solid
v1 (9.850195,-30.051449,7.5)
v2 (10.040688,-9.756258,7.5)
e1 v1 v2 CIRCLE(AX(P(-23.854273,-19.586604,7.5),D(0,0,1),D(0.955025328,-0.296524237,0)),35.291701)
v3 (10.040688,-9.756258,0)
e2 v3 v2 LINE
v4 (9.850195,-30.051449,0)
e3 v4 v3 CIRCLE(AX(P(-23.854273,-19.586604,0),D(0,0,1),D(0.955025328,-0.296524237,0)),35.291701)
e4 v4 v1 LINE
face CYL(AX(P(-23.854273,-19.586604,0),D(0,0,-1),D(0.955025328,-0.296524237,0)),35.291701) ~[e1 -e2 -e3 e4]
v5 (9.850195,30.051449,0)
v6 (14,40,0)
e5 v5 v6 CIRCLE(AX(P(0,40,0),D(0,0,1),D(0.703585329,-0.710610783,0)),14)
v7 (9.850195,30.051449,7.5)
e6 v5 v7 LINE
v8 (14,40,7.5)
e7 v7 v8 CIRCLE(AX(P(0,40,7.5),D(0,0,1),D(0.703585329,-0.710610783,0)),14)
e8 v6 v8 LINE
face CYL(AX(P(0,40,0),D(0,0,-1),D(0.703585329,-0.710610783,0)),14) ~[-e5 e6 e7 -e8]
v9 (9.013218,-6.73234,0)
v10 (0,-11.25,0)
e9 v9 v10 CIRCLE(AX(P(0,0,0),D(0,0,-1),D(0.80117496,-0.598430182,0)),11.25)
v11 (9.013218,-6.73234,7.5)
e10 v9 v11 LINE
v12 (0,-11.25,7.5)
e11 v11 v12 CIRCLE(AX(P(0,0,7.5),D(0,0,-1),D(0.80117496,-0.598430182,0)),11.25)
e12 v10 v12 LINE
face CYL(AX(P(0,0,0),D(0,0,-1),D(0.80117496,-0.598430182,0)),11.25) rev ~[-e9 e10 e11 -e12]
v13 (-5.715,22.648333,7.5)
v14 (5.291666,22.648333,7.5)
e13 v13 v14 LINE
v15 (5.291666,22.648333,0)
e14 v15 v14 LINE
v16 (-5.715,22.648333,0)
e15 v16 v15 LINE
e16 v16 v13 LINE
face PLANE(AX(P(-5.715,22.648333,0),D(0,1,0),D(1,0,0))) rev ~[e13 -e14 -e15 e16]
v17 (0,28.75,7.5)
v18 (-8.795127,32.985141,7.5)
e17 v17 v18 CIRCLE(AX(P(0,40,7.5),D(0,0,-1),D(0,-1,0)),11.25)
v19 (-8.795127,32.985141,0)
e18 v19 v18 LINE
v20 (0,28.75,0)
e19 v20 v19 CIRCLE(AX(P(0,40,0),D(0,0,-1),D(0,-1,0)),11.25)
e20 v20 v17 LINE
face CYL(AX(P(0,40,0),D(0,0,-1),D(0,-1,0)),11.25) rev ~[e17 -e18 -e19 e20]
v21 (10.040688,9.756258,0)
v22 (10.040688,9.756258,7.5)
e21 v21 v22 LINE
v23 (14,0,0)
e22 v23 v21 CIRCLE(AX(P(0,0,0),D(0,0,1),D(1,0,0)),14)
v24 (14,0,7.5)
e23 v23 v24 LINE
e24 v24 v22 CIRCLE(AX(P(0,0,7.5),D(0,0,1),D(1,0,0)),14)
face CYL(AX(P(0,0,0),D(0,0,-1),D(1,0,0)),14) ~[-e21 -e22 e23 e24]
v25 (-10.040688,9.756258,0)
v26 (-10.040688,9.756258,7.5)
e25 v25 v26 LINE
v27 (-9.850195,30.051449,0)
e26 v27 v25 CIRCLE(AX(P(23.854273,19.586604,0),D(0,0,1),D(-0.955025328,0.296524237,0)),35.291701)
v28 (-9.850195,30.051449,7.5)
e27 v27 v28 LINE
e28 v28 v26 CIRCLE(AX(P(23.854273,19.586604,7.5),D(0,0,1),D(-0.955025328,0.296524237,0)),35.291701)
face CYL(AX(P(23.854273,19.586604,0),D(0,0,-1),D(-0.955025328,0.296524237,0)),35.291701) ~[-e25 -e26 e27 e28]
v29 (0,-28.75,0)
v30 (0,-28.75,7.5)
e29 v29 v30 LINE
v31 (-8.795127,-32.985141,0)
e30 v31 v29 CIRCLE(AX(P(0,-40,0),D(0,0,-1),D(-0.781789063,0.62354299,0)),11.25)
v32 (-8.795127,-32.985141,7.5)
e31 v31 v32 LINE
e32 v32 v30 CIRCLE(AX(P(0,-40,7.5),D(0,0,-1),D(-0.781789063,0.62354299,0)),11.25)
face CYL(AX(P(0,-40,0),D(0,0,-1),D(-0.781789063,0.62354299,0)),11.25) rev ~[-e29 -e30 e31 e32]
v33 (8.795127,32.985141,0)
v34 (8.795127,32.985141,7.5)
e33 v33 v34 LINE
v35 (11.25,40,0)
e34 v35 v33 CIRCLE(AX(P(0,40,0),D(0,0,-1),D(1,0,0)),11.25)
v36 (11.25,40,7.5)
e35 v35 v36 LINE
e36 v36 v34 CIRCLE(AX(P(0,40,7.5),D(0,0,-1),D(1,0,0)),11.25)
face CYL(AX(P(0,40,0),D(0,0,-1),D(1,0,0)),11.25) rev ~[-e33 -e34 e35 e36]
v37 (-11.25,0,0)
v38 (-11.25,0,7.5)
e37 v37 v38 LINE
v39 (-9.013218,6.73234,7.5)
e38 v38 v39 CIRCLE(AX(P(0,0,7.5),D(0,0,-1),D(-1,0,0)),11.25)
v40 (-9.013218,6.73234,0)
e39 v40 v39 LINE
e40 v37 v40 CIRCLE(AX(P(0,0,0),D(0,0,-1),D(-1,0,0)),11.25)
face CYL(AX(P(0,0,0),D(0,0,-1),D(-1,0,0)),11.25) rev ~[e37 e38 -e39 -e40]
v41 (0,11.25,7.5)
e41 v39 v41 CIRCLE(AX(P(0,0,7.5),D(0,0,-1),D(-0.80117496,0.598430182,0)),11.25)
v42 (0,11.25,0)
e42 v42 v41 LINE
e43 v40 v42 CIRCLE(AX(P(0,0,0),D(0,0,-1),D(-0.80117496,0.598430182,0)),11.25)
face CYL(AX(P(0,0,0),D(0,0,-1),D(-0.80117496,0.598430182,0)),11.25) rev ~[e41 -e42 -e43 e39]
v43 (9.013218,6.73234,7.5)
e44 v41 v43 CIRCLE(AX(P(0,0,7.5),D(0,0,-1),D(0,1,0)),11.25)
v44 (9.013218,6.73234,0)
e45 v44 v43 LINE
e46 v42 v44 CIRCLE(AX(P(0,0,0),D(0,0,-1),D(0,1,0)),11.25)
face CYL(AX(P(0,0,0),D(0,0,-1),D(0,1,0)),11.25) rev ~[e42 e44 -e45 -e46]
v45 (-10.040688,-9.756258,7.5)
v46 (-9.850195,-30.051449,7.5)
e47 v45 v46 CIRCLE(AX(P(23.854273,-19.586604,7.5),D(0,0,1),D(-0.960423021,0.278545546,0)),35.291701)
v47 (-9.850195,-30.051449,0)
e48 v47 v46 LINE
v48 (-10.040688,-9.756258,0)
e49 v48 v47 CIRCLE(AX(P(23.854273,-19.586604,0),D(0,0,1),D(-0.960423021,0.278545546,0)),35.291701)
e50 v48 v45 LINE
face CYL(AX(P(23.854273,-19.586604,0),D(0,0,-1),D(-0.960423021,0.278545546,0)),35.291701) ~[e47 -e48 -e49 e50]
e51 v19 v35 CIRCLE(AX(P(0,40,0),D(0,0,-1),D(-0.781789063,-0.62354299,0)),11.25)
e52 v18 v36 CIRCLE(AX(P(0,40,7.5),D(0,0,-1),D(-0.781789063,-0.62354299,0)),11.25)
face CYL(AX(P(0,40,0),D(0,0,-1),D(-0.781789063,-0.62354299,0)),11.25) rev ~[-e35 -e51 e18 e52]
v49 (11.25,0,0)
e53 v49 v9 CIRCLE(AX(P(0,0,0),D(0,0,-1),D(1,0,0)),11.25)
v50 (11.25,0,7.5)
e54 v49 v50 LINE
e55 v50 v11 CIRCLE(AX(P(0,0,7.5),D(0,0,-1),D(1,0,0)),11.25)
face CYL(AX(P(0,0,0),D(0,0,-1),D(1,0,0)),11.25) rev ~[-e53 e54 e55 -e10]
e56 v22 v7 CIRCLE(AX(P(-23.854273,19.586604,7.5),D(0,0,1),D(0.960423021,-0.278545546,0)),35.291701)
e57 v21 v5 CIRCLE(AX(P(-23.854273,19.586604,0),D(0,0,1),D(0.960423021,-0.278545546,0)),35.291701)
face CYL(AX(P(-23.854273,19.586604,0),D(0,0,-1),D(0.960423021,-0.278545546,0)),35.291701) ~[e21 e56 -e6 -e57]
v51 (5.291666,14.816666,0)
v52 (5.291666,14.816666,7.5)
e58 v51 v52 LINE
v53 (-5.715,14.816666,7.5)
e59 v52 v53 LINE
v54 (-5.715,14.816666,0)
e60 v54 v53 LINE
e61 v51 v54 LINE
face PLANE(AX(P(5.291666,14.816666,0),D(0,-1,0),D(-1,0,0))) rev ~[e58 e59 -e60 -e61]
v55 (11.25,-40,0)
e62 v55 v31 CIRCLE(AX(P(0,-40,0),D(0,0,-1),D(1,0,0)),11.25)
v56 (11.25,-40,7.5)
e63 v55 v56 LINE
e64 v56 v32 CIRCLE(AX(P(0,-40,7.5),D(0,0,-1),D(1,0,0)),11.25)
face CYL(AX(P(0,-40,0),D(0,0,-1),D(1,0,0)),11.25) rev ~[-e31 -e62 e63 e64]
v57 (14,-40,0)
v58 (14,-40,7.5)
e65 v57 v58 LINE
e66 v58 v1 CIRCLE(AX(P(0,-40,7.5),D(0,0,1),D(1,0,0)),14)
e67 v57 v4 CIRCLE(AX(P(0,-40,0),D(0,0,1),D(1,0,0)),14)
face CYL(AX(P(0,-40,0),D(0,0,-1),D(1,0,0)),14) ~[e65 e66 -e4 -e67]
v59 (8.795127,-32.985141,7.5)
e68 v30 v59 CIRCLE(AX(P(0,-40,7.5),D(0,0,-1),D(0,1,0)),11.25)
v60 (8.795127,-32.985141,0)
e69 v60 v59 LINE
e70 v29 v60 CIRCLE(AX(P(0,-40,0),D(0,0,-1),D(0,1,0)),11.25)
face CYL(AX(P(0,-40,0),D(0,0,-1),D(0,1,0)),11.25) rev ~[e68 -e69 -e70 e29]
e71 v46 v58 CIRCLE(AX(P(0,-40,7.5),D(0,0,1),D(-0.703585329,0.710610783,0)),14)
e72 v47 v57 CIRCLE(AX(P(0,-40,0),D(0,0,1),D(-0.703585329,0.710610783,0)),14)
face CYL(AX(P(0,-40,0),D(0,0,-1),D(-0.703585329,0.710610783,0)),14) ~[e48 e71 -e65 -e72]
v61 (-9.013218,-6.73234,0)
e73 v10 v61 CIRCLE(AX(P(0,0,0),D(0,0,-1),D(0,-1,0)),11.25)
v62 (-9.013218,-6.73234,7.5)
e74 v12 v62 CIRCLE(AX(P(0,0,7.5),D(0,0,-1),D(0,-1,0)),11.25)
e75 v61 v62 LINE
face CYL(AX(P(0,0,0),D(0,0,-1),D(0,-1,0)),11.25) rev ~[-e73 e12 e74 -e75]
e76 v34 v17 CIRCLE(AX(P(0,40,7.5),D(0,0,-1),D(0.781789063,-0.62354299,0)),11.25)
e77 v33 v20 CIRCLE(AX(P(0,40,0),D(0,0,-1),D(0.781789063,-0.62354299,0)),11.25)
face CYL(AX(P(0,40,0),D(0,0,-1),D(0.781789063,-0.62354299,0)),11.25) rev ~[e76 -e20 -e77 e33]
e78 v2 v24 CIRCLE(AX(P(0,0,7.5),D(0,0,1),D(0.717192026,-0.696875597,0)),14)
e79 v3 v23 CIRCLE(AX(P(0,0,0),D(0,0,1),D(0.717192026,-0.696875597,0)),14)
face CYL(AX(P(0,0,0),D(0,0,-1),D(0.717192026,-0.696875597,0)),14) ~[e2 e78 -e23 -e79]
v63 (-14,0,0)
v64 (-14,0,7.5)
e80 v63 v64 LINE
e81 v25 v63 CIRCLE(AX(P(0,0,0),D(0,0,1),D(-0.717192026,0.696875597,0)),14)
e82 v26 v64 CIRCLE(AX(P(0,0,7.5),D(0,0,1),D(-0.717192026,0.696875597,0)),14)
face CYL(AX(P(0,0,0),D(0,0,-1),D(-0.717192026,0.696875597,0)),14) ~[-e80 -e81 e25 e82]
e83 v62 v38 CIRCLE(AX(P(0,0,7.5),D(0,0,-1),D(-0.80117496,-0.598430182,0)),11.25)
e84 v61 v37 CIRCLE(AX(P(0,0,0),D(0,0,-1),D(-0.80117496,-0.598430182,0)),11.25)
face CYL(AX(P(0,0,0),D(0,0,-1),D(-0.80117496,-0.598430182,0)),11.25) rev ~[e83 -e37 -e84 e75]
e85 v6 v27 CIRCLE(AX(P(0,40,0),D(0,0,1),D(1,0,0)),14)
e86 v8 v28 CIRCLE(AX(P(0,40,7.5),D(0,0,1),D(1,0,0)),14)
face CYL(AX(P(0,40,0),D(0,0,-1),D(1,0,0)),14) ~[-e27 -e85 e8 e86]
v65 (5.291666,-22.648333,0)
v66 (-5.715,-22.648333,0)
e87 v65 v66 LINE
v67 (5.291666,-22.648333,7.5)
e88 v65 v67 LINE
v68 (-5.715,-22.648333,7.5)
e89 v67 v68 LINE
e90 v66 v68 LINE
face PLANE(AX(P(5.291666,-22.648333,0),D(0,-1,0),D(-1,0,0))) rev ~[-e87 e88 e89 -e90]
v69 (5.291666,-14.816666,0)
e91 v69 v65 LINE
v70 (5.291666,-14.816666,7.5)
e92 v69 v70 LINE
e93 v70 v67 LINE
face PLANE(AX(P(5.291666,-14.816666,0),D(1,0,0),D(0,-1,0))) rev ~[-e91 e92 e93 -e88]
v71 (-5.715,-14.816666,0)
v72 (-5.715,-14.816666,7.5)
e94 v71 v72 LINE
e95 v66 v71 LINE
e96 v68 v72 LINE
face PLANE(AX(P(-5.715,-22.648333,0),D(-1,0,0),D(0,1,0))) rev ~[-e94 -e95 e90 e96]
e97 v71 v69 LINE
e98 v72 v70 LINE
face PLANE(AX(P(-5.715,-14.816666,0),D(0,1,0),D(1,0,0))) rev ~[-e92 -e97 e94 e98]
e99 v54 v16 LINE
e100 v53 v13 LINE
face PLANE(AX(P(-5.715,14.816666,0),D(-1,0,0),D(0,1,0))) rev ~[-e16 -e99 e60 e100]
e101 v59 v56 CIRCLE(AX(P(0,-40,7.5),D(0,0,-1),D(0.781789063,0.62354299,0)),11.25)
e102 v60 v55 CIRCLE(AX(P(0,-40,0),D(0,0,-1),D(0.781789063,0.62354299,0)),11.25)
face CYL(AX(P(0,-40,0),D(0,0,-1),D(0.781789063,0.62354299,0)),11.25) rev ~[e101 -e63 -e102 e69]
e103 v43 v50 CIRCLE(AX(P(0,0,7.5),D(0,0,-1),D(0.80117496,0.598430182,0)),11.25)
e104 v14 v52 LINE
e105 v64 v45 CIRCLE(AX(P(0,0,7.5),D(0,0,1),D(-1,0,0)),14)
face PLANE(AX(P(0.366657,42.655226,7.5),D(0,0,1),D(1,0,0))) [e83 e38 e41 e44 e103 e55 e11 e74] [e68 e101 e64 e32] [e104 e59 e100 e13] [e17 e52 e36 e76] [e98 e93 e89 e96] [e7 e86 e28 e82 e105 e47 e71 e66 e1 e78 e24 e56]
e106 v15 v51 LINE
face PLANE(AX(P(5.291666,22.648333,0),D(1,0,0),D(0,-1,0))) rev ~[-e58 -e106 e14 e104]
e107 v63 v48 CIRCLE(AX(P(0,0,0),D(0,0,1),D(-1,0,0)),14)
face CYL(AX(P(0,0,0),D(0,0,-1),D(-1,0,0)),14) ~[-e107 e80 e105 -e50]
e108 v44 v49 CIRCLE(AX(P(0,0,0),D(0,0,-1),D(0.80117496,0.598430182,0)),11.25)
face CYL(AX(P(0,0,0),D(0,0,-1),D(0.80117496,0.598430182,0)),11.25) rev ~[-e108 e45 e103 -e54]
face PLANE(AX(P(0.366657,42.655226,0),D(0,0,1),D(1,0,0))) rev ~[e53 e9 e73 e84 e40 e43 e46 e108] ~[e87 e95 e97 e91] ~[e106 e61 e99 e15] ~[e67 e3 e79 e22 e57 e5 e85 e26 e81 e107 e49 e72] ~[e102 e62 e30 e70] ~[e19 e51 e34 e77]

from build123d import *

# Parameters (mm, degrees)
F1_DEPTH = 7.5


with BuildPart() as f1:
    # F0 (on Top) → F1 (new body)
    with BuildSketch(Plane.XY):
        with BuildLine():
            ThreePointArc((8.7951269587, 32.985141357), (9.3550716579, 31.5299513828), (9.8501945992, 30.0514490323))
            ThreePointArc((9.8501945992, 30.0514490323), (12.9209659931, 34.6103211779), (14, 40))
            ThreePointArc((14, 40), (-5.3896788221, 52.9209659931), (-9.8501945992, 30.0514490323))
            ThreePointArc((-9.8501945992, 30.0514490323), (-9.3550716579, 31.5299513828), (-8.7951269587, 32.985141357))
            ThreePointArc((-8.7951269587, 32.985141357), (-3.7160006536, 50.6185610674), (11.25, 40))
            ThreePointArc((11.25, 40), (10.6185610674, 36.2839993464), (8.7951269587, 32.985141357))
        make_face()
        with BuildLine():
            ThreePointArc((0, 26), (5.3254242297, 27.0524188833), (9.8501945992, 30.0514490323))
            ThreePointArc((9.8501945992, 30.0514490323), (9.3550716579, 31.5299513828), (8.7951269587, 32.985141357))
            ThreePointArc((8.7951269587, 32.985141357), (4.8808472762, 29.8639342017), (0, 28.75))
            Line((0, 28.75), (0, 26))
        make_face()
        with BuildLine():
            ThreePointArc((-9.8501945992, 30.0514490323), (-5.3254242297, 27.0524188833), (0, 26))
            Line((0, 26), (0, 28.75))
            ThreePointArc((0, 28.75), (-4.8808472762, 29.8639342017), (-8.7951269587, 32.985141357))
            ThreePointArc((-8.7951269587, 32.985141357), (-9.3550716579, 31.5299513828), (-9.8501945992, 30.0514490323))
        make_face()
        with BuildLine():
            ThreePointArc((0, 14), (5.4503386544, 12.8954956691), (10.040688359, 9.7562583646))
            ThreePointArc((10.040688359, 9.7562583646), (11.4358727735, 19.9178431142), (9.8501945992, 30.0514490323))
            ThreePointArc((9.8501945992, 30.0514490323), (5.3254242297, 27.0524188833), (0, 26))
            Line((0, 26), (0, 22.6483326405))
            Line((0, 22.6483326405), (5.2916659042, 22.6483326405))
            Line((5.2916659042, 22.6483326405), (5.2916659042, 14.8166660219))
            Line((5.2916659042, 14.8166660219), (0, 14.8166660219))
            Line((0, 14.8166660219), (0, 14))
        make_face()
        with BuildLine():
            ThreePointArc((-10.040688359, 9.7562583646), (-5.4503386544, 12.8954956691), (0, 14))
            Line((0, 14), (0, 14.8166660219))
            Line((0, 14.8166660219), (-5.7150004432, 14.8166660219))
            Line((-5.7150004432, 14.8166660219), (-5.7150004432, 22.6483326405))
            Line((-5.7150004432, 22.6483326405), (0, 22.6483326405))
            Line((0, 22.6483326405), (0, 26))
            ThreePointArc((0, 26), (-5.3254242297, 27.0524188833), (-9.8501945992, 30.0514490323))
            ThreePointArc((-9.8501945992, 30.0514490323), (-11.4358727735, 19.9178431142), (-10.040688359, 9.7562583646))
        make_face()
        with BuildLine():
            ThreePointArc((0, 11.25), (5.0410157742, 10.0573684413), (9.013218304, 6.7323395492))
            ThreePointArc((9.0132183039, 6.7323395492), (9.5611769089, 8.2326704367), (10.040688359, 9.7562583646))
            ThreePointArc((10.040688359, 9.7562583646), (5.4503386544, 12.8954956691), (0, 14))
            Line((0, 14), (0, 11.25))
        make_face()
        with BuildLine():
            ThreePointArc((9.013218304, 6.7323395492), (10.6761698638, 3.5470969877), (11.25, 0))
            Line((11.25, 0), (14, 0))
            ThreePointArc((14, 0), (12.9724638567, 5.2645210121), (10.040688359, 9.7562583646))
            ThreePointArc((10.040688359, 9.7562583646), (9.5611769089, 8.2326704367), (9.0132183039, 6.7323395492))
        make_face()
        with BuildLine():
            ThreePointArc((-9.013218304, 6.7323395492), (-5.0410157742, 10.0573684413), (0, 11.25))
            Line((0, 11.25), (0, 14))
            ThreePointArc((0, 14), (-5.4503386544, 12.8954956691), (-10.040688359, 9.7562583646))
            ThreePointArc((-10.040688359, 9.7562583646), (-9.5611769089, 8.2326704367), (-9.0132183039, 6.7323395492))
        make_face()
        with BuildLine():
            ThreePointArc((-11.25, 0), (-10.6761698638, 3.5470969877), (-9.013218304, 6.7323395492))
            ThreePointArc((-9.0132183039, 6.7323395492), (-9.5611769089, 8.2326704367), (-10.040688359, 9.7562583646))
            ThreePointArc((-10.040688359, 9.7562583646), (-12.9724638567, 5.2645210121), (-14, 0))
            Line((-14, 0), (-11.25, 0))
        make_face()
        with BuildLine():
            ThreePointArc((-10.040688359, -9.7562583646), (-9.5611769089, -8.2326704367), (-9.0132183039, -6.7323395492))
            ThreePointArc((-9.013218304, -6.7323395492), (-10.6761698638, -3.5470969877), (-11.25, 0))
            Line((-11.25, 0), (-14, 0))
            ThreePointArc((-14, 0), (-12.9724638567, -5.2645210121), (-10.040688359, -9.7562583646))
        make_face()
        with BuildLine():
            Line((14, 0), (11.25, 0))
            ThreePointArc((11.25, 0), (10.6761698638, -3.5470969877), (9.013218304, -6.7323395492))
            ThreePointArc((9.0132183039, -6.7323395492), (9.5611769089, -8.2326704367), (10.040688359, -9.7562583646))
            ThreePointArc((10.040688359, -9.7562583646), (12.9724638567, -5.2645210121), (14, 0))
        make_face()
        with BuildLine():
            ThreePointArc((10.040688359, -9.7562583646), (9.5611769089, -8.2326704367), (9.0132183039, -6.7323395492))
            ThreePointArc((9.013218304, -6.7323395492), (5.0410157742, -10.0573684413), (0, -11.25))
            Line((0, -11.25), (0, -14))
            ThreePointArc((0, -14), (5.4503386544, -12.8954956691), (10.040688359, -9.7562583646))
        make_face()
        with BuildLine():
            Line((0, -14), (0, -11.25))
            ThreePointArc((0, -11.25), (-5.0410157742, -10.0573684413), (-9.013218304, -6.7323395492))
            ThreePointArc((-9.0132183039, -6.7323395492), (-9.5611769089, -8.2326704367), (-10.040688359, -9.7562583646))
            ThreePointArc((-10.040688359, -9.7562583646), (-5.4503386544, -12.8954956691), (0, -14))
        make_face()
        with BuildLine():
            Line((0, -14.8166660219), (0, -14))
            ThreePointArc((0, -14), (-5.4503386544, -12.8954956691), (-10.040688359, -9.7562583646))
            ThreePointArc((-10.040688359, -9.7562583646), (-11.4358727735, -19.9178431142), (-9.8501945992, -30.0514490323))
            ThreePointArc((-9.8501945992, -30.0514490323), (-5.3254242297, -27.0524188833), (0, -26))
            Line((0, -26), (0, -22.6483326405))
            Line((0, -22.6483326405), (-5.7150004432, -22.6483326405))
            Line((-5.7150004432, -22.6483326405), (-5.7150004432, -14.8166660219))
            Line((-5.7150004432, -14.8166660219), (0, -14.8166660219))
        make_face()
        with BuildLine():
            ThreePointArc((9.8501945992, -30.0514490323), (11.4358727735, -19.9178431142), (10.040688359, -9.7562583646))
            ThreePointArc((10.040688359, -9.7562583646), (5.4503386544, -12.8954956691), (0, -14))
            Line((0, -14), (0, -14.8166660219))
            Line((0, -14.8166660219), (5.2916659042, -14.8166660219))
            Line((5.2916659042, -14.8166660219), (5.2916659042, -22.6483326405))
            Line((5.2916659042, -22.6483326405), (0, -22.6483326405))
            Line((0, -22.6483326405), (0, -26))
            ThreePointArc((0, -26), (5.3254242297, -27.0524188833), (9.8501945992, -30.0514490323))
        make_face()
        with BuildLine():
            ThreePointArc((14, -40), (12.9209659931, -34.6103211779), (9.8501945992, -30.0514490323))
            ThreePointArc((9.8501945992, -30.0514490323), (9.3550716579, -31.5299513828), (8.7951269587, -32.985141357))
            ThreePointArc((8.7951269587, -32.985141357), (10.6185610674, -36.2839993464), (11.25, -40))
            ThreePointArc((11.25, -40), (-3.7160006536, -50.6185610674), (-8.7951269587, -32.985141357))
            ThreePointArc((-8.7951269587, -32.985141357), (-9.3550716579, -31.5299513828), (-9.8501945992, -30.0514490323))
            ThreePointArc((-9.8501945992, -30.0514490323), (-5.3896788221, -52.9209659931), (14, -40))
        make_face()
        with BuildLine():
            Line((0, -28.75), (0, -26))
            ThreePointArc((0, -26), (-5.3254242297, -27.0524188833), (-9.8501945992, -30.0514490323))
            ThreePointArc((-9.8501945992, -30.0514490323), (-9.3550716579, -31.5299513828), (-8.7951269587, -32.985141357))
            ThreePointArc((-8.7951269587, -32.985141357), (-4.8808472762, -29.8639342017), (0, -28.75))
        make_face()
        with BuildLine():
            ThreePointArc((8.7951269587, -32.985141357), (9.3550716579, -31.5299513828), (9.8501945992, -30.0514490323))
            ThreePointArc((9.8501945992, -30.0514490323), (5.3254242297, -27.0524188833), (0, -26))
            Line((0, -26), (0, -28.75))
            ThreePointArc((0, -28.75), (4.8808472762, -29.8639342017), (8.7951269587, -32.985141357))
        make_face()
    extrude(amount=F1_DEPTH)


solid = f1.part
